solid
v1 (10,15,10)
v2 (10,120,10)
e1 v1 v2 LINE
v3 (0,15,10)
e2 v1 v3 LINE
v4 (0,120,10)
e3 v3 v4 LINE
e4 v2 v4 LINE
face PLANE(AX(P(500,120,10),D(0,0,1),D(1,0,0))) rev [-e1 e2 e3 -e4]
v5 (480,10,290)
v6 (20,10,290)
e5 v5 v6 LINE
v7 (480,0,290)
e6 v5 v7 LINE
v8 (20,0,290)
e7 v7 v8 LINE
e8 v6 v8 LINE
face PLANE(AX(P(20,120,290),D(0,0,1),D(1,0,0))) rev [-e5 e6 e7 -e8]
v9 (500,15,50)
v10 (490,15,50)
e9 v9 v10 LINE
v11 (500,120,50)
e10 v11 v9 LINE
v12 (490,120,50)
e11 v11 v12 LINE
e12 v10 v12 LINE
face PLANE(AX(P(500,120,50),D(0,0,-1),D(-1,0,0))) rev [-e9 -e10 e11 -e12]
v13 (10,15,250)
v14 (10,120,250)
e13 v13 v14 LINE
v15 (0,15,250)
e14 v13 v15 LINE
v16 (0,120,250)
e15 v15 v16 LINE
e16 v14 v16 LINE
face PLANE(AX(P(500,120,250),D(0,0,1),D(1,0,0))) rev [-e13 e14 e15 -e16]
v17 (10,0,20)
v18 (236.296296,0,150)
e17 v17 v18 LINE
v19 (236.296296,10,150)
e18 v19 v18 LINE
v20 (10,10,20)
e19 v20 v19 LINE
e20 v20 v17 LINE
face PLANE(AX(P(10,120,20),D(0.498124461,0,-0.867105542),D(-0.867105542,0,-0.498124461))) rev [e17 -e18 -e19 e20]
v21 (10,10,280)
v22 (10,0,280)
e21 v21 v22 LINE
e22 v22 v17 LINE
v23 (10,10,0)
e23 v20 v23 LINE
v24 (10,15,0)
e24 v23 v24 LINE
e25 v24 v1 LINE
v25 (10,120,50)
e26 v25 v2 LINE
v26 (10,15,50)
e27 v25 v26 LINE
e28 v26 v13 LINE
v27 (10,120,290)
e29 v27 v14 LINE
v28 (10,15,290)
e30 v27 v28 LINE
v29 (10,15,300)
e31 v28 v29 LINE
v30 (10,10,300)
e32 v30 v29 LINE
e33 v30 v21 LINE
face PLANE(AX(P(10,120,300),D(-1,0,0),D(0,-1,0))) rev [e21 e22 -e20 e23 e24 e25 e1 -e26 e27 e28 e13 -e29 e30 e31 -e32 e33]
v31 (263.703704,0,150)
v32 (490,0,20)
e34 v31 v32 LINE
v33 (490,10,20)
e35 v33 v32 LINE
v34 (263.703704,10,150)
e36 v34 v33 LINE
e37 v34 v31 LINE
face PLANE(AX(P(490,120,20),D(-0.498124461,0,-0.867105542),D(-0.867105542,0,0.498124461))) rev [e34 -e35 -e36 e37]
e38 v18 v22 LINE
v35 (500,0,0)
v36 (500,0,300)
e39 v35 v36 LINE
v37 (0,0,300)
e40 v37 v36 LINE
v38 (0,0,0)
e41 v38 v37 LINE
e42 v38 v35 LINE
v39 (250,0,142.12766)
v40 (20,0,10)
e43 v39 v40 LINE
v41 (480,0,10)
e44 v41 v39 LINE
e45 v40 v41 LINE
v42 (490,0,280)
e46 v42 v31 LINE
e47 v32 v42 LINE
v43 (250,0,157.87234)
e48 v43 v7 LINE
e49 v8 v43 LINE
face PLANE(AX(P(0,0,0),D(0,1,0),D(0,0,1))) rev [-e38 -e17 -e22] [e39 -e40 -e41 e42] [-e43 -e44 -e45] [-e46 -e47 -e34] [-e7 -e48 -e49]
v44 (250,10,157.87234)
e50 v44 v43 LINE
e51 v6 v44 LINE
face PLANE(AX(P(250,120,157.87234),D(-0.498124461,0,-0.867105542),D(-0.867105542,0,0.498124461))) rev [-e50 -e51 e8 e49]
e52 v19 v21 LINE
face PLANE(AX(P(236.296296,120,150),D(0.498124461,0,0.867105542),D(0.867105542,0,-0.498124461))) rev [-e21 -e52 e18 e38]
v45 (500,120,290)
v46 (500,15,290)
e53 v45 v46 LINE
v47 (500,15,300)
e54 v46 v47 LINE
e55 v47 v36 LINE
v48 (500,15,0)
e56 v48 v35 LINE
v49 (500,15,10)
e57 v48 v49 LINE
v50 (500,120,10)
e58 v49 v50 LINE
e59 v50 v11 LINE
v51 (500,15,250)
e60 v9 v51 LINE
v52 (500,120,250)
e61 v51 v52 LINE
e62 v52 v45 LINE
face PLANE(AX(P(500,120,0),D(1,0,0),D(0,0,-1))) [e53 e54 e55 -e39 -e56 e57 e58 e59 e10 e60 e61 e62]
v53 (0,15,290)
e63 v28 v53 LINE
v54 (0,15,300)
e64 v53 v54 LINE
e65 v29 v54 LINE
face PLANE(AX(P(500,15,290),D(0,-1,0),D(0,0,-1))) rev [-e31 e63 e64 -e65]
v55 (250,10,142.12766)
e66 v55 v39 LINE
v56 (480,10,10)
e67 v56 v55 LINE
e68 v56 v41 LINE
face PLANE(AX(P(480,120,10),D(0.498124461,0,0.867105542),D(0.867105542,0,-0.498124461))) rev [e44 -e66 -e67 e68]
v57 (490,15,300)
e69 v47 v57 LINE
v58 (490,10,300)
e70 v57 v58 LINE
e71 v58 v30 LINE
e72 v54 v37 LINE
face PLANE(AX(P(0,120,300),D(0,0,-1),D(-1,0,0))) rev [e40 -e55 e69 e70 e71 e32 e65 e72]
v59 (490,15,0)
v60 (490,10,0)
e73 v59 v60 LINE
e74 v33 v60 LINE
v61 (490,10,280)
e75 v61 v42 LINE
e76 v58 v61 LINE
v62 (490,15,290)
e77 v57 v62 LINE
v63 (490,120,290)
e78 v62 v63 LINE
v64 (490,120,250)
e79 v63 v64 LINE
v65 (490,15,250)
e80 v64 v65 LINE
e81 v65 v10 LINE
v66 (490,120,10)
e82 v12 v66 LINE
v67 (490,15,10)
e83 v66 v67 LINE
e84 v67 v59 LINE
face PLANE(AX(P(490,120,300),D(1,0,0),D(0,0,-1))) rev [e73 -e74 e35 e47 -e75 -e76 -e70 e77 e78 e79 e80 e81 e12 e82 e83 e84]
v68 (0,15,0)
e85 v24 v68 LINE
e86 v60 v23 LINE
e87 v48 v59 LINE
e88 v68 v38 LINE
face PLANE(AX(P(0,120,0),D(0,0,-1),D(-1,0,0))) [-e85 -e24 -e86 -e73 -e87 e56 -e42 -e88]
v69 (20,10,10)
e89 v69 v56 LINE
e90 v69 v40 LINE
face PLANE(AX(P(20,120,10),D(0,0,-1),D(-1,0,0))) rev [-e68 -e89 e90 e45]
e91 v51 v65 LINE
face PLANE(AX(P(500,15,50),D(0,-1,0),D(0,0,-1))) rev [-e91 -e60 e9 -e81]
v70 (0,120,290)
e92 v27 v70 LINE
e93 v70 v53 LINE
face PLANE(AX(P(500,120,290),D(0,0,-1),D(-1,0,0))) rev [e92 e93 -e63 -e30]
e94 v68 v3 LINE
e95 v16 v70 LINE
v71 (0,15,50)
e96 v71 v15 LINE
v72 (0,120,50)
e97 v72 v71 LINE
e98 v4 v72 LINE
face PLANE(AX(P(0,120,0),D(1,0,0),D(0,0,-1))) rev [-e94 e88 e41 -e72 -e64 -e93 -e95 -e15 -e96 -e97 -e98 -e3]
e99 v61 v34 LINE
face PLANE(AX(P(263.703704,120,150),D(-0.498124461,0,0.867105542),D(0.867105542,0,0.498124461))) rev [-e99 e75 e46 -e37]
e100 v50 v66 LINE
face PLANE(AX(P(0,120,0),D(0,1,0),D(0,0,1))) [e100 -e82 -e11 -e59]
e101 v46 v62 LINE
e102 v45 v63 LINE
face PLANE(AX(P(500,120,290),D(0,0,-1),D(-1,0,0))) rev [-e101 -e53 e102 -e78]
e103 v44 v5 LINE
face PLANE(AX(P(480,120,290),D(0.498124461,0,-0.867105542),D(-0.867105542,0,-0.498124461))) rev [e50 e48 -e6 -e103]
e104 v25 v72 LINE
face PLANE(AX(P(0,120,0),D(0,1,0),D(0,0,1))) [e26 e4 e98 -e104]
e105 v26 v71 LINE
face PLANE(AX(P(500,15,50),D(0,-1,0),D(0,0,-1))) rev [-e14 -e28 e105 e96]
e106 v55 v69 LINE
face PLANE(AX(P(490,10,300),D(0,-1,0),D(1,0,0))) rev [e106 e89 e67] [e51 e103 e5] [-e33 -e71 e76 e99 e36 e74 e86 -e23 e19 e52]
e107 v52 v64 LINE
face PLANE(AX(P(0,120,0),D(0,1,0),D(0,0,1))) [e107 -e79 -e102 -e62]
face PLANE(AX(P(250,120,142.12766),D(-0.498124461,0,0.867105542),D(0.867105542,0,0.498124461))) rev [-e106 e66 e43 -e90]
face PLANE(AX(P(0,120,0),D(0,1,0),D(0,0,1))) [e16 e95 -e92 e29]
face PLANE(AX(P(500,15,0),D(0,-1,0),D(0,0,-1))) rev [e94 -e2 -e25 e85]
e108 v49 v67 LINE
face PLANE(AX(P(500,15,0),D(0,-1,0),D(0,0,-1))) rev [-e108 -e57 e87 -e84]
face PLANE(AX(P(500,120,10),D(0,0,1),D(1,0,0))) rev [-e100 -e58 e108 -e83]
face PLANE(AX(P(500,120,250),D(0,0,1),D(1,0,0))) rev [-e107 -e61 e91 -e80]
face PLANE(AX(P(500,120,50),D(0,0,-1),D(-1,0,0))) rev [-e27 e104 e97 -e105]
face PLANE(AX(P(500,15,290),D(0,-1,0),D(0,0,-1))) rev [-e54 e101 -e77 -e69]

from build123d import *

# Parameters (mm, degrees)
BASE_W              = 500
BASE_H              = 300
EXTRUDE_1_DEPTH     = 120
SKETCH_1_W          = 480
SKETCH_1_H          = 110
CUT_EXTRUDE_1_DEPTH = 596.315042645
CUT_EXTRUDE_2_DEPTH = 596.315042645
SKETCH_3_W          = 200
SKETCH_3_H          = 105
SKETCH_3_W_2        = 10
CUT_EXTRUDE_3_DEPTH = 596.315042645


with BuildPart() as part:
    # base → 凸台-拉伸1 (new body)
    with BuildSketch(Plane(origin=(0, 0, 0), x_dir=(1, 0, 0), z_dir=(0, 1, 0))):
        with Locations((250, -150)):
            Rectangle(BASE_W, BASE_H)
    extrude(amount=EXTRUDE_1_DEPTH)

    # 草图1 → 切除-拉伸1 (cut, through all)
    with BuildSketch(Plane(origin=(0, 0, 0), x_dir=(-1, 0, 0), z_dir=(0, 0, -1))):
        with Locations((-250, 65)):
            Rectangle(SKETCH_1_W, SKETCH_1_H)
    extrude(amount=-CUT_EXTRUDE_1_DEPTH, mode=Mode.SUBTRACT)

    # 草图2 → 切除-拉伸2 (cut, through all)
    with BuildSketch(Plane.XZ):
        Polygon((10, 280), (10, 20), (236.296296296, 150), align=None)
        Polygon((20, 290), (480, 290), (250, 157.872340426), align=None)
        Polygon((263.703703704, 150), (490, 280), (490, 20), align=None)
        Polygon((250, 142.127659574), (20, 10), (480, 10), align=None)
    extrude(amount=-CUT_EXTRUDE_2_DEPTH, mode=Mode.SUBTRACT)

    # 草图3 → 切除-拉伸3 (cut, through all)
    with BuildSketch(Plane.ZY):
        with Locations((150, 67.5)):
            Rectangle(SKETCH_3_W, SKETCH_3_H)
        with Locations((5, 67.5)):
            Rectangle(SKETCH_3_W_2, SKETCH_3_H)
        with Locations((295, 67.5)):
            Rectangle(SKETCH_3_W_2, SKETCH_3_H)
    extrude(amount=-CUT_EXTRUDE_3_DEPTH, mode=Mode.SUBTRACT)


solid = part.part
